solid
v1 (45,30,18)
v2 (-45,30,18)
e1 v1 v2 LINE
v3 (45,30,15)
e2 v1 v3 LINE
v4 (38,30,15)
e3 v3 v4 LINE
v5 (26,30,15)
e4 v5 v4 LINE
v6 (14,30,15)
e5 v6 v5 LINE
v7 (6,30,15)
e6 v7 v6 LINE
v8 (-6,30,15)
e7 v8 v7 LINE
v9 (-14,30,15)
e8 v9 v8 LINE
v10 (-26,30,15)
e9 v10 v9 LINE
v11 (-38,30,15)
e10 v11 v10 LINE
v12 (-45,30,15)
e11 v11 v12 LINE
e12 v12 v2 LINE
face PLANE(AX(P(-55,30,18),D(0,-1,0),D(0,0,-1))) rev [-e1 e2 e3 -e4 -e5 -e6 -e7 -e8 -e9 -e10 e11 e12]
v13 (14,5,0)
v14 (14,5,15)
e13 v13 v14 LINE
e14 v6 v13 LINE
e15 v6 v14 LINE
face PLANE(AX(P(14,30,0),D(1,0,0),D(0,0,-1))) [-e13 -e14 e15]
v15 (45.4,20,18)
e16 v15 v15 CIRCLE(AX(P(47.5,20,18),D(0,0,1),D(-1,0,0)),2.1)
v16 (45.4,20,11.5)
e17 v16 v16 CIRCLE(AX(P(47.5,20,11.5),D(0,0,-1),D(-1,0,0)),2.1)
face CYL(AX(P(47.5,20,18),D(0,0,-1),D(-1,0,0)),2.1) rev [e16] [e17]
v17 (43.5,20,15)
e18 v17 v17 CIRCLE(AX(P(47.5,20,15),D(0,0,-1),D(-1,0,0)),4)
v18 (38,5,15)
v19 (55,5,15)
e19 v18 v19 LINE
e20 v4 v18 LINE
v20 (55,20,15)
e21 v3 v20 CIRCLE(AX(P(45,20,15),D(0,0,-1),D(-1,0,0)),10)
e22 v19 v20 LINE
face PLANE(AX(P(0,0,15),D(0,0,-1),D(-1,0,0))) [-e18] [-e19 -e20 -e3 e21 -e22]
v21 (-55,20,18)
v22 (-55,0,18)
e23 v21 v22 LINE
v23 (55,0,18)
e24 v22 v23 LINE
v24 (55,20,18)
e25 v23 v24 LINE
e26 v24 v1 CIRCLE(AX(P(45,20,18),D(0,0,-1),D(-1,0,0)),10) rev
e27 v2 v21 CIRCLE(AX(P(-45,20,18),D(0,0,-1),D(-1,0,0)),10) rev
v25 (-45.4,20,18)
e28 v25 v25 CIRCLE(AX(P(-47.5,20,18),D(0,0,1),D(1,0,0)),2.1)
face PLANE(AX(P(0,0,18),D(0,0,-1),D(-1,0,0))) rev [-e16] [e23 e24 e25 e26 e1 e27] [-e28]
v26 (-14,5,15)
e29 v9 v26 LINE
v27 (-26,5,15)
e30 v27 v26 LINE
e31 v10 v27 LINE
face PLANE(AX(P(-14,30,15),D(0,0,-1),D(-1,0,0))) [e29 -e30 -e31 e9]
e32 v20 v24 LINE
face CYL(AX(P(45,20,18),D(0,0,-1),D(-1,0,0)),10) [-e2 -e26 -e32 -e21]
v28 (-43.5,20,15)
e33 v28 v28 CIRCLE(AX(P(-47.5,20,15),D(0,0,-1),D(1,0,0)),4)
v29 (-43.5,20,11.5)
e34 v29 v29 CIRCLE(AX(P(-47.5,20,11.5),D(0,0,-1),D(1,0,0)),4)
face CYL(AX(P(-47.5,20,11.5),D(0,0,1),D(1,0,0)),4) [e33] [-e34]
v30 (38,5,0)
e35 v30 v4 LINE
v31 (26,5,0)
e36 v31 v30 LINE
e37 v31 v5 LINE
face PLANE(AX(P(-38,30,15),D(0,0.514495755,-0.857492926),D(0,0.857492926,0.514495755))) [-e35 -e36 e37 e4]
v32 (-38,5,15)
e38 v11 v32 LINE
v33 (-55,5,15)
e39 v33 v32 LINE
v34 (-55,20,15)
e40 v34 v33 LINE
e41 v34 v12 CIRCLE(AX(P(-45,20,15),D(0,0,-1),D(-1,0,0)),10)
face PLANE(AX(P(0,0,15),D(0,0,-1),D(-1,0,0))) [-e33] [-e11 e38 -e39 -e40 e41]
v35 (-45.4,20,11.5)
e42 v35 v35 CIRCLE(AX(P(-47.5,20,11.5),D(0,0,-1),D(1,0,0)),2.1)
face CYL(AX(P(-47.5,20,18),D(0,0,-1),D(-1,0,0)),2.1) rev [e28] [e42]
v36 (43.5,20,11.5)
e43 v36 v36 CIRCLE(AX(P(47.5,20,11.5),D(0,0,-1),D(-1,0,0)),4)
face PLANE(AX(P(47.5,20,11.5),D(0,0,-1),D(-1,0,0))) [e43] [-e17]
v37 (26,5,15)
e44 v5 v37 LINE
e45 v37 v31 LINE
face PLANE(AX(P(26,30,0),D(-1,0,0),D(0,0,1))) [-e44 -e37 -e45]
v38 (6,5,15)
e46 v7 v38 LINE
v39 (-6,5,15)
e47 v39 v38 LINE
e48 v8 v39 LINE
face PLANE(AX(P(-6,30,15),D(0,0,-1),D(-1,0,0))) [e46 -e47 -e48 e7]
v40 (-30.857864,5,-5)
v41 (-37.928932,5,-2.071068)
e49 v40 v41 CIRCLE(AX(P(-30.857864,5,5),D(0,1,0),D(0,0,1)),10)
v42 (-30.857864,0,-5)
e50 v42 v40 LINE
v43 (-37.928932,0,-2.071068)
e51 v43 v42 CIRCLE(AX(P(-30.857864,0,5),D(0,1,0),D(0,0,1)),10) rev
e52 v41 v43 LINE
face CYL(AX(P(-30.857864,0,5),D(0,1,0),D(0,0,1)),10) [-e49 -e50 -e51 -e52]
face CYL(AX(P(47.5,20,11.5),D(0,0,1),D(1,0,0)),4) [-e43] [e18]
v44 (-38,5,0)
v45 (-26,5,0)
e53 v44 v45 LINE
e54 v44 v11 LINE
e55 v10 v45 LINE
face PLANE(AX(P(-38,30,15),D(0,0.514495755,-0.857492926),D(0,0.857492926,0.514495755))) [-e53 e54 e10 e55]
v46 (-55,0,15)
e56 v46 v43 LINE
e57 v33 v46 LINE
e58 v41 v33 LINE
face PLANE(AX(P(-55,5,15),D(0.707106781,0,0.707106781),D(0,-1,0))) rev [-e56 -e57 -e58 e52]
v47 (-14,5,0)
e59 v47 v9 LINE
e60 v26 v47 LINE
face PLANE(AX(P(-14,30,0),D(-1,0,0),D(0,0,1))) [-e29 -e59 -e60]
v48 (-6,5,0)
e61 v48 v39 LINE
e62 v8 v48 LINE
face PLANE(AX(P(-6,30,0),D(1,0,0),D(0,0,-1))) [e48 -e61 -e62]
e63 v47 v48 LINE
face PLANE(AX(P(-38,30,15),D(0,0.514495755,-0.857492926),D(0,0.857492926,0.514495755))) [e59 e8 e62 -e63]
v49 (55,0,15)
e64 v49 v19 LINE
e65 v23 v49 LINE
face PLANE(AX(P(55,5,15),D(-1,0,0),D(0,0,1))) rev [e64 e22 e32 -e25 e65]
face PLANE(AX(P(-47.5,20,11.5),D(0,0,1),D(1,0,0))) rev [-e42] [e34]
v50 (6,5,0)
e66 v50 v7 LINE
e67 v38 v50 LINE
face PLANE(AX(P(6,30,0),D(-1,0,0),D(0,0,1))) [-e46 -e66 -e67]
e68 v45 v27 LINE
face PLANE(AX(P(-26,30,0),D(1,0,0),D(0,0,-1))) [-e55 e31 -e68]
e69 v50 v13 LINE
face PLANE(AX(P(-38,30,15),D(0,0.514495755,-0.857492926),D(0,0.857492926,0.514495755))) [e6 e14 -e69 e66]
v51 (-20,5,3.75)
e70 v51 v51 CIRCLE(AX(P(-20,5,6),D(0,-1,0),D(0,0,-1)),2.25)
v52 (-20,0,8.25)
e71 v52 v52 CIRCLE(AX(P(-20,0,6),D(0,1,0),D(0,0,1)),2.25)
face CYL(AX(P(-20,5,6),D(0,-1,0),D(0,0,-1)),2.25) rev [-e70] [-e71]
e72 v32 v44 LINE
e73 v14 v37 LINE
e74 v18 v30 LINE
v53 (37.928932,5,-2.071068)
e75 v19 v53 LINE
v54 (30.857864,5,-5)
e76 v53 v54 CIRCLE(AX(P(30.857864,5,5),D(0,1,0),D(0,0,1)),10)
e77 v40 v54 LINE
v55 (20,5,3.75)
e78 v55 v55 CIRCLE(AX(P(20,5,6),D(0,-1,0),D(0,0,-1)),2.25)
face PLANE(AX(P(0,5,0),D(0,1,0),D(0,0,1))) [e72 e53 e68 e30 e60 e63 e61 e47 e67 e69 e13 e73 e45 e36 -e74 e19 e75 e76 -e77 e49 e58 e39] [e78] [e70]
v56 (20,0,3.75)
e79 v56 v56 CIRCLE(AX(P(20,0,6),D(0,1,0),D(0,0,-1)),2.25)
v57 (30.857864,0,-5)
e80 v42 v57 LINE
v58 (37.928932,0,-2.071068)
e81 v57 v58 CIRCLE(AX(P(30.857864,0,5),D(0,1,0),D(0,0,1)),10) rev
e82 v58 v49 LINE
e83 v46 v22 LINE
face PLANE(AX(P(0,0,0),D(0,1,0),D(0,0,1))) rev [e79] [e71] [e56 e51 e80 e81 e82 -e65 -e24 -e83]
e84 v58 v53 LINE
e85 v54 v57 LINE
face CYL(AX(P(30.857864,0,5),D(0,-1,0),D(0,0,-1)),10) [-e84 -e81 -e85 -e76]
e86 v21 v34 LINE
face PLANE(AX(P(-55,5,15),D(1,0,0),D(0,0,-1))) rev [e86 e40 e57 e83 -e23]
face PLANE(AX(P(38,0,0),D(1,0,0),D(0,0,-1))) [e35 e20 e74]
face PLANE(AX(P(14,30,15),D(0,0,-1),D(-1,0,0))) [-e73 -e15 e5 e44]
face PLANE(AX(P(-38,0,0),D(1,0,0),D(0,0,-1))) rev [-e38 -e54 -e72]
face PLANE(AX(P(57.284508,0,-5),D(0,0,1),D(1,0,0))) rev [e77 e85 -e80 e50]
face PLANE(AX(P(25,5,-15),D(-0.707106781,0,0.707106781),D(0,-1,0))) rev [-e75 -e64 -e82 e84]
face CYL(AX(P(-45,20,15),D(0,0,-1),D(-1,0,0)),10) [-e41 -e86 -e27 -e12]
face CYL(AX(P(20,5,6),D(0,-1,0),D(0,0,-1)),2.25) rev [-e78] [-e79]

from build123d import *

# Parameters (mm, degrees)
SKETCH1_W            = 110
SKETCH1_H            = 30
SKETCH1_R            = 2.25
EXTRUDE_1_DEPTH      = 5
SKETCH_1_W           = 110
SKETCH_1_H           = 30
SKETCH_1_R           = 2.1
EXTRUDE_2_DEPTH      = 3
FILLET_2_R           = 10
CHAMFER1_SIZE        = 30
EXTRUDE_3_DEPTH      = 38
EXTRUDE_3_DEPTH_BACK = 38
SKETCH_3_W           = 12
SKETCH_3_H           = 15
CUT_EXTRUDE_1_DEPTH  = 26
SKETCH3_R            = 4
SKETCH3_R_2          = 2.1
BOSS_EXTRUDE1_DEPTH  = 3.5
SKETCH4_W            = 114.569016578
SKETCH4_H            = 20
CUT_EXTRUDE1_DEPTH   = 6
FILLET1_R            = 10


with BuildPart() as part:
    # Sketch1 → Бобышка-Вытянуть1 (new body)
    with BuildSketch(Plane(origin=(0, 0, 0), x_dir=(1, 0, 0), z_dir=(0, 1, 0))):
        Rectangle(SKETCH1_W, SKETCH1_H)
        with Locations((-20, -6)):
            Circle(SKETCH1_R, mode=Mode.SUBTRACT)
        with Locations((20, -6)):
            Circle(SKETCH1_R, mode=Mode.SUBTRACT)
    extrude(amount=EXTRUDE_1_DEPTH)

    # Эскиз1 → Бобышка-Вытянуть2 (add)
    with BuildSketch(Plane.XY.offset(15)):
        with Locations((0, 15)):
            Rectangle(SKETCH_1_W, SKETCH_1_H)
        with Locations((-47.5, 20)):
            Circle(SKETCH_1_R, mode=Mode.SUBTRACT)
        with Locations((47.5, 20)):
            Circle(SKETCH_1_R, mode=Mode.SUBTRACT)
    extrude(amount=EXTRUDE_2_DEPTH)

    # Скругление2
    fillet_2_edges = [part.edges().sort_by_distance(p)[0] for p in [
        (-55, 30, 16.5),
        (55, 30, 16.5),
    ]]
    fillet(fillet_2_edges, radius=FILLET_2_R)

    # Chamfer1
    chamfer1_edges = [part.edges().sort_by_distance(p)[0] for p in [
        (-55, 2.5, -15),
        (55, 2.5, -15),
    ]]
    chamfer(chamfer1_edges, length=CHAMFER1_SIZE)

    # Эскиз2 → Бобышка-Вытянуть3 (add, two sides)
    with BuildSketch(Plane(origin=(0, 0, 0), x_dir=(0, 0, -1), z_dir=(1, 0, 0))) as extrude_3_sk:
        Polygon((-15, 30), (0, 5), (-15, 5), align=None)
    extrude(amount=EXTRUDE_3_DEPTH)
    extrude(extrude_3_sk.sketch, amount=-EXTRUDE_3_DEPTH_BACK)

    # Эскиз3 → Вырез-Вытянуть1 (cut, through all)
    with BuildSketch(Plane(origin=(0, 5, 0), x_dir=(1, 0, 0), z_dir=(0, 1, 0))):
        with Locations((20, -7.5)):
            Rectangle(SKETCH_3_W, SKETCH_3_H)
        with Locations((-20, -7.5)):
            Rectangle(SKETCH_3_W, SKETCH_3_H)
        with Locations((0, -7.5)):
            Rectangle(SKETCH_3_W, SKETCH_3_H)
    extrude(amount=CUT_EXTRUDE_1_DEPTH, mode=Mode.SUBTRACT)

    # Sketch3 → Boss-Extrude1 (add)
    with BuildSketch(Plane(origin=(0, 0, 15), x_dir=(-1, 0, 0), z_dir=(0, 0, -1))):
        with Locations((-47.5, 20)):
            Circle(SKETCH3_R)
        with Locations((-47.5, 20)):
            Circle(SKETCH3_R_2, mode=Mode.SUBTRACT)
        with Locations((47.5, 20)):
            Circle(SKETCH3_R)
        with Locations((47.5, 20)):
            Circle(SKETCH3_R_2, mode=Mode.SUBTRACT)
    extrude(amount=BOSS_EXTRUDE1_DEPTH)

    # Sketch4 → Cut-Extrude1 (cut, through all)
    with BuildSketch(Plane(origin=(0, 5, 0), x_dir=(1, 0, 0), z_dir=(0, 1, 0))):
        with Locations((0, 15)):
            Rectangle(SKETCH4_W, SKETCH4_H)
    extrude(amount=-CUT_EXTRUDE1_DEPTH, mode=Mode.SUBTRACT)

    # Fillet1
    fillet1_edges = [part.edges().sort_by_distance(p)[0] for p in [
        (35, 2.5, -5),
        (-35, 2.5, -5),
    ]]
    fillet(fillet1_edges, radius=FILLET1_R)


solid = part.part
